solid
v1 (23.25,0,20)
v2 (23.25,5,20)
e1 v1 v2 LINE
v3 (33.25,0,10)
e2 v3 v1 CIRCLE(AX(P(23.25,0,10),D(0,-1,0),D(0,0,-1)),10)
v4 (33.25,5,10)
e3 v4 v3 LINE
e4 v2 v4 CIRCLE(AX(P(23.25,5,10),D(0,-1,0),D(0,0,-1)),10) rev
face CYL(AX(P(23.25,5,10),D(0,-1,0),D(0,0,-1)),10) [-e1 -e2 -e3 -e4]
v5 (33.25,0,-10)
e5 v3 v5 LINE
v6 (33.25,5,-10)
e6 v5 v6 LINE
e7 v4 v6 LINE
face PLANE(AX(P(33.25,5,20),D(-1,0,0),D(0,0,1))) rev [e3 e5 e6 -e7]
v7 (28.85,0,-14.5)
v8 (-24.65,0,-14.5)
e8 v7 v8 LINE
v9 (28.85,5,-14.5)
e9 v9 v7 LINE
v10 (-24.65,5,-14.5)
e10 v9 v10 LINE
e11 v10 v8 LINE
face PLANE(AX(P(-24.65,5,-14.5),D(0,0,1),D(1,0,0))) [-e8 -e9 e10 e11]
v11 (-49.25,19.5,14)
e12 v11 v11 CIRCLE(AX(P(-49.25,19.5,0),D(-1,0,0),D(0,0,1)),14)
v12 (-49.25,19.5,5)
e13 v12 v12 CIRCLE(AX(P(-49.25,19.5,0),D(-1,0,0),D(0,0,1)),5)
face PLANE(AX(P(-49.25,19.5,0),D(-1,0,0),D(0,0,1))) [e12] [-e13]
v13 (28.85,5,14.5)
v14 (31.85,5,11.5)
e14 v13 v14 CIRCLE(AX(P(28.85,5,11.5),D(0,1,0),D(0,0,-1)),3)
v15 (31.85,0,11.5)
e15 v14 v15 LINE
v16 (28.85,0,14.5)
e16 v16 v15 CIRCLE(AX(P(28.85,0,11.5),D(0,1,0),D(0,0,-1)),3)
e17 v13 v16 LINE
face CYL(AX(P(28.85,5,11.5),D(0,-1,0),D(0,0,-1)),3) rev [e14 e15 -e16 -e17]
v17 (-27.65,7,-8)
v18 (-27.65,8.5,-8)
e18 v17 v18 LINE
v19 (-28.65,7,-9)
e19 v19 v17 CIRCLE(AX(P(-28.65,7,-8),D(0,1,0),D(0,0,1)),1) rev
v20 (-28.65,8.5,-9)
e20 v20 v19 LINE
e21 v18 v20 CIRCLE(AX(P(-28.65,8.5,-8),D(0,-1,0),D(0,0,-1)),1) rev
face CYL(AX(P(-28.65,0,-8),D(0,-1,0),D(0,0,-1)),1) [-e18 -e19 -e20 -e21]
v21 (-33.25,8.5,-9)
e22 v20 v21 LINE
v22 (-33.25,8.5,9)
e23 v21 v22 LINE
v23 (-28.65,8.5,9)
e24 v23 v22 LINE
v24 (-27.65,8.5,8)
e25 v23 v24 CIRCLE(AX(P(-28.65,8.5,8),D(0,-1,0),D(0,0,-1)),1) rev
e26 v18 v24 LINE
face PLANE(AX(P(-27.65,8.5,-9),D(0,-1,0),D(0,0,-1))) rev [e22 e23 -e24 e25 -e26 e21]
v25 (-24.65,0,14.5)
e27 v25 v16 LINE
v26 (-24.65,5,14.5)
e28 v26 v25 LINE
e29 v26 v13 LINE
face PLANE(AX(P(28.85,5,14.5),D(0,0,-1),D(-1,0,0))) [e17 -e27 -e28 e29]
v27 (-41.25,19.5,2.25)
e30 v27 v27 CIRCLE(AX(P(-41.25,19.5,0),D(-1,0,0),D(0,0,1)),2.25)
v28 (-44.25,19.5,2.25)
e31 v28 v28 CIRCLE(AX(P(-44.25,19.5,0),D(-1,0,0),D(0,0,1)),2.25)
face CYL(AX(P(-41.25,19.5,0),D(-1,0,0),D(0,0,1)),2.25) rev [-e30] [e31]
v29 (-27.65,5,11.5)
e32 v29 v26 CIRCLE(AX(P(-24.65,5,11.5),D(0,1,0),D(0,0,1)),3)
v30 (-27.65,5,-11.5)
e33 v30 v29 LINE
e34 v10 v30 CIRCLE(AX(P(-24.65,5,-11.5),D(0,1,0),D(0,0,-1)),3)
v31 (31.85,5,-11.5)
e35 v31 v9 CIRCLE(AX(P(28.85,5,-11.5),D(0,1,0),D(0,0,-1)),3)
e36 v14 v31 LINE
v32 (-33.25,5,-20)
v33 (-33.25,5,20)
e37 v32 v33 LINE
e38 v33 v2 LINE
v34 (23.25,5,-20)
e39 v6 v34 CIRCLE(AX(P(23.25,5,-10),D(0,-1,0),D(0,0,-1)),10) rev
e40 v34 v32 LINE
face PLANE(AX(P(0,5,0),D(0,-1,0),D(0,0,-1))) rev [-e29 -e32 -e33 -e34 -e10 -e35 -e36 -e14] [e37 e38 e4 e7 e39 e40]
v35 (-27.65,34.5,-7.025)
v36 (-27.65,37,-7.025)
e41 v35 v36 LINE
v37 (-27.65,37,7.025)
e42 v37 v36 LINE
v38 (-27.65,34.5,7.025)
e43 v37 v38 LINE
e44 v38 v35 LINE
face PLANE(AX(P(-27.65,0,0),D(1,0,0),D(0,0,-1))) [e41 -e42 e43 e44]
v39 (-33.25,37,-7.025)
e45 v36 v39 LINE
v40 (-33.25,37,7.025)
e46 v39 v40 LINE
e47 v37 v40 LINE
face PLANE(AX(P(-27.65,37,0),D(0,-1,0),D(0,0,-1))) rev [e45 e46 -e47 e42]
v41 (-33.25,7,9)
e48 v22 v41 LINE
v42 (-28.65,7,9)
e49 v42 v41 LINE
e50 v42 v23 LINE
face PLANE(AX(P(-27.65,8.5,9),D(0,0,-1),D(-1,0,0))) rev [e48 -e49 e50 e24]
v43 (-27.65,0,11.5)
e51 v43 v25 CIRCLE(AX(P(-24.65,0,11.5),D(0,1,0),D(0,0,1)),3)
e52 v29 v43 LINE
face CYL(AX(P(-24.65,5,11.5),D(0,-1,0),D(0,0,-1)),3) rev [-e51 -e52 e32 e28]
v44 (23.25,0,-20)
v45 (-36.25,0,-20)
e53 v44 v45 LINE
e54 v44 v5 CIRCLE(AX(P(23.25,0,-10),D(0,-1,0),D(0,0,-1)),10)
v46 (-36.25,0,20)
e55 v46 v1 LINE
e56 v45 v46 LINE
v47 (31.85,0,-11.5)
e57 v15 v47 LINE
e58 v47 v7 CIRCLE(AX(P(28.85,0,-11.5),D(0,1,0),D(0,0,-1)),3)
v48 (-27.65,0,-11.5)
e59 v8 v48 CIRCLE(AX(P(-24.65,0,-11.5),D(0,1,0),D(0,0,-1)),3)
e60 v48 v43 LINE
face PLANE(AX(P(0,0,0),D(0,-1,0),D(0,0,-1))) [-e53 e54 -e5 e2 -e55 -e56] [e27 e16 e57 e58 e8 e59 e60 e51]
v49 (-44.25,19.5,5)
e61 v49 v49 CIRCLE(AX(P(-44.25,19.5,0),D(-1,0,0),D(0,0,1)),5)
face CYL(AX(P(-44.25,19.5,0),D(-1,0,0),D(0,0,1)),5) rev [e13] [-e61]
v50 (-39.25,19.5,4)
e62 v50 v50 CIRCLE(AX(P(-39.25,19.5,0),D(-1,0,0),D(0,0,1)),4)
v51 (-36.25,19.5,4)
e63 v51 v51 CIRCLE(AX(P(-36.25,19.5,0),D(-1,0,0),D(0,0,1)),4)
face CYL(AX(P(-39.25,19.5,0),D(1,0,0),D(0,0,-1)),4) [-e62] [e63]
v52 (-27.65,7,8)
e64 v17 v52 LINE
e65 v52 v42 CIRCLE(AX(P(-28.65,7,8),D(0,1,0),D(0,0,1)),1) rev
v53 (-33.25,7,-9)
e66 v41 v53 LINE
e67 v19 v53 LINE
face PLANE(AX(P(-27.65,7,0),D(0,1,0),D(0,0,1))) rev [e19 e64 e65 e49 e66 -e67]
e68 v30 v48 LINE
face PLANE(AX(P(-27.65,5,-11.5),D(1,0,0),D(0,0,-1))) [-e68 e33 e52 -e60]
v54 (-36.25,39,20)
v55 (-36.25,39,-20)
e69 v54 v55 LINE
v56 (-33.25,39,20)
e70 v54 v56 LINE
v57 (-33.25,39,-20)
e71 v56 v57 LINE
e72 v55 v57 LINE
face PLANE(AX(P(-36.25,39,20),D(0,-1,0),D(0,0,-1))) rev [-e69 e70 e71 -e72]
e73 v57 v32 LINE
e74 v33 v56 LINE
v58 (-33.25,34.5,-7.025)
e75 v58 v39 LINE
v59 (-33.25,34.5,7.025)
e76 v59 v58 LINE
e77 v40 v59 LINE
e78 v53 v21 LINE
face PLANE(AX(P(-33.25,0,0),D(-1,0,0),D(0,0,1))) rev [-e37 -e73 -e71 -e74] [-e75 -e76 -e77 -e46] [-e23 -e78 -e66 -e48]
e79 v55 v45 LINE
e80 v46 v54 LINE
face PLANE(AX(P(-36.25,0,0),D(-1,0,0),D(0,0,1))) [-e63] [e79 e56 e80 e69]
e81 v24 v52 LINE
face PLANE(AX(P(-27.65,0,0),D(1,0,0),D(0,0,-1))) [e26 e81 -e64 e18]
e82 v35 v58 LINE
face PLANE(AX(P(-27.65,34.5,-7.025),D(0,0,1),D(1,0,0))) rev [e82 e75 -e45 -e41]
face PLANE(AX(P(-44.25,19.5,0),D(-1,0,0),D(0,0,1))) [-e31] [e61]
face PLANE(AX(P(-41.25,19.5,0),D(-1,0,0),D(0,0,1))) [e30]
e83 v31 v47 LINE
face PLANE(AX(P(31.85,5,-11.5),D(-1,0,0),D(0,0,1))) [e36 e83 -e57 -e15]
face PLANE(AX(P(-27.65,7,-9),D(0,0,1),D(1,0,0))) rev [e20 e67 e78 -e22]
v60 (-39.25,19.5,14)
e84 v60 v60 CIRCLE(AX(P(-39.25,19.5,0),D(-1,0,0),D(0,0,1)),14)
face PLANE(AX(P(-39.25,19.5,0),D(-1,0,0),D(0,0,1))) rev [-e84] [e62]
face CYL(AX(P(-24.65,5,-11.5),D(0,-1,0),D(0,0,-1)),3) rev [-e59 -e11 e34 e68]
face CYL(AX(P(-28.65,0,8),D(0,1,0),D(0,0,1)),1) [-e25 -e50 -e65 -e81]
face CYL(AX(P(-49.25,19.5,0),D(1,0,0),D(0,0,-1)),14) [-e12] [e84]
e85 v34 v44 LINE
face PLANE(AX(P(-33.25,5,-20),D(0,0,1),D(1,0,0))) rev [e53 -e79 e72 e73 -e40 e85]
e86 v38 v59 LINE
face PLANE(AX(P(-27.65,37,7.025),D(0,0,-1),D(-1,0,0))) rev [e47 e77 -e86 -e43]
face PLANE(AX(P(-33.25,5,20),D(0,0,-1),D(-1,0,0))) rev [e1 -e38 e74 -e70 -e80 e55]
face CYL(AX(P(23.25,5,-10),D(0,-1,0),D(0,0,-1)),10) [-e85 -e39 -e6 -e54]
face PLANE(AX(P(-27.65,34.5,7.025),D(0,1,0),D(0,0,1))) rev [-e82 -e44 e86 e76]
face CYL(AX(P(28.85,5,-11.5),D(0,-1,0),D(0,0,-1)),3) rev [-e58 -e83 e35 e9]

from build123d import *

# Parameters (mm, degrees)
SKETCH2_W           = 66.5
SKETCH2_H           = 40
BOSS_EXTRUDE1_DEPTH = 5
SKETCH5_W           = 40
SKETCH5_H           = 39
BOSS_EXTRUDE3_DEPTH = 3
SKETCH11_W          = 14.05
SKETCH11_H          = 2.5
SKETCH11_W_2        = 18
SKETCH11_H_2        = 1.5
BOSS_EXTRUDE4_DEPTH = 5.6
FILLET4_R           = 1
SKETCH12_R          = 4
BOSS_EXTRUDE5_DEPTH = 3
FILLET6_R           = 10
SKETCH13_R          = 14
BOSS_EXTRUDE6_DEPTH = 10
SKETCH14_R          = 5
CUT_EXTRUDE1_DEPTH  = 5
SKETCH15_R          = 2.25
CUT_EXTRUDE2_DEPTH  = 3


with BuildPart() as part:
    # Sketch2 → Boss-Extrude1 (new body)
    with BuildSketch(Plane(origin=(0, 0, 0), x_dir=(1, 0, 0), z_dir=(0, 1, 0))):
        Rectangle(SKETCH2_W, SKETCH2_H)
        with BuildLine():
            Line((-27.65, 11.5), (-27.65, -11.5))
            ThreePointArc((-27.65, -11.5), (-26.771320344, -13.621320344), (-24.65, -14.5))
            Line((-24.65, -14.5), (28.85, -14.5))
            ThreePointArc((28.85, -14.5), (30.971320344, -13.621320344), (31.85, -11.5))
            Line((31.85, -11.5), (31.85, 11.5))
            ThreePointArc((31.85, 11.5), (30.971320344, 13.621320344), (28.85, 14.5))
            Line((28.85, 14.5), (-24.65, 14.5))
            ThreePointArc((-24.65, 14.5), (-26.771320344, 13.621320344), (-27.65, 11.5))
        make_face(mode=Mode.SUBTRACT)
    extrude(amount=BOSS_EXTRUDE1_DEPTH)

    # Sketch5 → Boss-Extrude3 (add)
    with BuildSketch(Plane.ZY.offset(33.25)):
        with Locations((0, 19.5)):
            Rectangle(SKETCH5_W, SKETCH5_H)
    extrude(amount=BOSS_EXTRUDE3_DEPTH)

    # Sketch11 → Boss-Extrude4 (add)
    with BuildSketch(Plane(origin=(-33.25, 0, 0), x_dir=(0, 0, -1), z_dir=(1, 0, 0))):
        with Locations((0, 35.75)):
            Rectangle(SKETCH11_W, SKETCH11_H)
        with Locations((0, 7.75)):
            Rectangle(SKETCH11_W_2, SKETCH11_H_2)
    extrude(amount=BOSS_EXTRUDE4_DEPTH)

    # Fillet4
    fillet4_edges = [part.edges().sort_by_distance(p)[0] for p in [
        (-27.65, 7.75, -9),
        (-27.65, 7.75, 9),
    ]]
    fillet(fillet4_edges, radius=FILLET4_R)

    # Sketch12 → Boss-Extrude5 (add)
    with BuildSketch(Plane.ZY.offset(36.25)):
        with Locations((0, 19.5)):
            Circle(SKETCH12_R)
    extrude(amount=BOSS_EXTRUDE5_DEPTH)

    # Fillet6
    fillet6_edges = [part.edges().sort_by_distance(p)[0] for p in [
        (33.25, 2.5, 20),
        (33.25, 2.5, -20),
    ]]
    fillet(fillet6_edges, radius=FILLET6_R)

    # Sketch13 → Boss-Extrude6 (add)
    with BuildSketch(Plane.ZY.offset(39.25)):
        with Locations((0, 19.5)):
            Circle(SKETCH13_R)
    extrude(amount=BOSS_EXTRUDE6_DEPTH)

    # Sketch14 → Cut-Extrude1 (cut)
    with BuildSketch(Plane.ZY.offset(49.25)):
        with Locations((0, 19.5)):
            Circle(SKETCH14_R)
    extrude(amount=-CUT_EXTRUDE1_DEPTH, mode=Mode.SUBTRACT)

    # Sketch15 → Cut-Extrude2 (cut)
    with BuildSketch(Plane.ZY.offset(44.25)):
        with Locations((0, 19.5)):
            Circle(SKETCH15_R)
    extrude(amount=-CUT_EXTRUDE2_DEPTH, mode=Mode.SUBTRACT)


solid = part.part
